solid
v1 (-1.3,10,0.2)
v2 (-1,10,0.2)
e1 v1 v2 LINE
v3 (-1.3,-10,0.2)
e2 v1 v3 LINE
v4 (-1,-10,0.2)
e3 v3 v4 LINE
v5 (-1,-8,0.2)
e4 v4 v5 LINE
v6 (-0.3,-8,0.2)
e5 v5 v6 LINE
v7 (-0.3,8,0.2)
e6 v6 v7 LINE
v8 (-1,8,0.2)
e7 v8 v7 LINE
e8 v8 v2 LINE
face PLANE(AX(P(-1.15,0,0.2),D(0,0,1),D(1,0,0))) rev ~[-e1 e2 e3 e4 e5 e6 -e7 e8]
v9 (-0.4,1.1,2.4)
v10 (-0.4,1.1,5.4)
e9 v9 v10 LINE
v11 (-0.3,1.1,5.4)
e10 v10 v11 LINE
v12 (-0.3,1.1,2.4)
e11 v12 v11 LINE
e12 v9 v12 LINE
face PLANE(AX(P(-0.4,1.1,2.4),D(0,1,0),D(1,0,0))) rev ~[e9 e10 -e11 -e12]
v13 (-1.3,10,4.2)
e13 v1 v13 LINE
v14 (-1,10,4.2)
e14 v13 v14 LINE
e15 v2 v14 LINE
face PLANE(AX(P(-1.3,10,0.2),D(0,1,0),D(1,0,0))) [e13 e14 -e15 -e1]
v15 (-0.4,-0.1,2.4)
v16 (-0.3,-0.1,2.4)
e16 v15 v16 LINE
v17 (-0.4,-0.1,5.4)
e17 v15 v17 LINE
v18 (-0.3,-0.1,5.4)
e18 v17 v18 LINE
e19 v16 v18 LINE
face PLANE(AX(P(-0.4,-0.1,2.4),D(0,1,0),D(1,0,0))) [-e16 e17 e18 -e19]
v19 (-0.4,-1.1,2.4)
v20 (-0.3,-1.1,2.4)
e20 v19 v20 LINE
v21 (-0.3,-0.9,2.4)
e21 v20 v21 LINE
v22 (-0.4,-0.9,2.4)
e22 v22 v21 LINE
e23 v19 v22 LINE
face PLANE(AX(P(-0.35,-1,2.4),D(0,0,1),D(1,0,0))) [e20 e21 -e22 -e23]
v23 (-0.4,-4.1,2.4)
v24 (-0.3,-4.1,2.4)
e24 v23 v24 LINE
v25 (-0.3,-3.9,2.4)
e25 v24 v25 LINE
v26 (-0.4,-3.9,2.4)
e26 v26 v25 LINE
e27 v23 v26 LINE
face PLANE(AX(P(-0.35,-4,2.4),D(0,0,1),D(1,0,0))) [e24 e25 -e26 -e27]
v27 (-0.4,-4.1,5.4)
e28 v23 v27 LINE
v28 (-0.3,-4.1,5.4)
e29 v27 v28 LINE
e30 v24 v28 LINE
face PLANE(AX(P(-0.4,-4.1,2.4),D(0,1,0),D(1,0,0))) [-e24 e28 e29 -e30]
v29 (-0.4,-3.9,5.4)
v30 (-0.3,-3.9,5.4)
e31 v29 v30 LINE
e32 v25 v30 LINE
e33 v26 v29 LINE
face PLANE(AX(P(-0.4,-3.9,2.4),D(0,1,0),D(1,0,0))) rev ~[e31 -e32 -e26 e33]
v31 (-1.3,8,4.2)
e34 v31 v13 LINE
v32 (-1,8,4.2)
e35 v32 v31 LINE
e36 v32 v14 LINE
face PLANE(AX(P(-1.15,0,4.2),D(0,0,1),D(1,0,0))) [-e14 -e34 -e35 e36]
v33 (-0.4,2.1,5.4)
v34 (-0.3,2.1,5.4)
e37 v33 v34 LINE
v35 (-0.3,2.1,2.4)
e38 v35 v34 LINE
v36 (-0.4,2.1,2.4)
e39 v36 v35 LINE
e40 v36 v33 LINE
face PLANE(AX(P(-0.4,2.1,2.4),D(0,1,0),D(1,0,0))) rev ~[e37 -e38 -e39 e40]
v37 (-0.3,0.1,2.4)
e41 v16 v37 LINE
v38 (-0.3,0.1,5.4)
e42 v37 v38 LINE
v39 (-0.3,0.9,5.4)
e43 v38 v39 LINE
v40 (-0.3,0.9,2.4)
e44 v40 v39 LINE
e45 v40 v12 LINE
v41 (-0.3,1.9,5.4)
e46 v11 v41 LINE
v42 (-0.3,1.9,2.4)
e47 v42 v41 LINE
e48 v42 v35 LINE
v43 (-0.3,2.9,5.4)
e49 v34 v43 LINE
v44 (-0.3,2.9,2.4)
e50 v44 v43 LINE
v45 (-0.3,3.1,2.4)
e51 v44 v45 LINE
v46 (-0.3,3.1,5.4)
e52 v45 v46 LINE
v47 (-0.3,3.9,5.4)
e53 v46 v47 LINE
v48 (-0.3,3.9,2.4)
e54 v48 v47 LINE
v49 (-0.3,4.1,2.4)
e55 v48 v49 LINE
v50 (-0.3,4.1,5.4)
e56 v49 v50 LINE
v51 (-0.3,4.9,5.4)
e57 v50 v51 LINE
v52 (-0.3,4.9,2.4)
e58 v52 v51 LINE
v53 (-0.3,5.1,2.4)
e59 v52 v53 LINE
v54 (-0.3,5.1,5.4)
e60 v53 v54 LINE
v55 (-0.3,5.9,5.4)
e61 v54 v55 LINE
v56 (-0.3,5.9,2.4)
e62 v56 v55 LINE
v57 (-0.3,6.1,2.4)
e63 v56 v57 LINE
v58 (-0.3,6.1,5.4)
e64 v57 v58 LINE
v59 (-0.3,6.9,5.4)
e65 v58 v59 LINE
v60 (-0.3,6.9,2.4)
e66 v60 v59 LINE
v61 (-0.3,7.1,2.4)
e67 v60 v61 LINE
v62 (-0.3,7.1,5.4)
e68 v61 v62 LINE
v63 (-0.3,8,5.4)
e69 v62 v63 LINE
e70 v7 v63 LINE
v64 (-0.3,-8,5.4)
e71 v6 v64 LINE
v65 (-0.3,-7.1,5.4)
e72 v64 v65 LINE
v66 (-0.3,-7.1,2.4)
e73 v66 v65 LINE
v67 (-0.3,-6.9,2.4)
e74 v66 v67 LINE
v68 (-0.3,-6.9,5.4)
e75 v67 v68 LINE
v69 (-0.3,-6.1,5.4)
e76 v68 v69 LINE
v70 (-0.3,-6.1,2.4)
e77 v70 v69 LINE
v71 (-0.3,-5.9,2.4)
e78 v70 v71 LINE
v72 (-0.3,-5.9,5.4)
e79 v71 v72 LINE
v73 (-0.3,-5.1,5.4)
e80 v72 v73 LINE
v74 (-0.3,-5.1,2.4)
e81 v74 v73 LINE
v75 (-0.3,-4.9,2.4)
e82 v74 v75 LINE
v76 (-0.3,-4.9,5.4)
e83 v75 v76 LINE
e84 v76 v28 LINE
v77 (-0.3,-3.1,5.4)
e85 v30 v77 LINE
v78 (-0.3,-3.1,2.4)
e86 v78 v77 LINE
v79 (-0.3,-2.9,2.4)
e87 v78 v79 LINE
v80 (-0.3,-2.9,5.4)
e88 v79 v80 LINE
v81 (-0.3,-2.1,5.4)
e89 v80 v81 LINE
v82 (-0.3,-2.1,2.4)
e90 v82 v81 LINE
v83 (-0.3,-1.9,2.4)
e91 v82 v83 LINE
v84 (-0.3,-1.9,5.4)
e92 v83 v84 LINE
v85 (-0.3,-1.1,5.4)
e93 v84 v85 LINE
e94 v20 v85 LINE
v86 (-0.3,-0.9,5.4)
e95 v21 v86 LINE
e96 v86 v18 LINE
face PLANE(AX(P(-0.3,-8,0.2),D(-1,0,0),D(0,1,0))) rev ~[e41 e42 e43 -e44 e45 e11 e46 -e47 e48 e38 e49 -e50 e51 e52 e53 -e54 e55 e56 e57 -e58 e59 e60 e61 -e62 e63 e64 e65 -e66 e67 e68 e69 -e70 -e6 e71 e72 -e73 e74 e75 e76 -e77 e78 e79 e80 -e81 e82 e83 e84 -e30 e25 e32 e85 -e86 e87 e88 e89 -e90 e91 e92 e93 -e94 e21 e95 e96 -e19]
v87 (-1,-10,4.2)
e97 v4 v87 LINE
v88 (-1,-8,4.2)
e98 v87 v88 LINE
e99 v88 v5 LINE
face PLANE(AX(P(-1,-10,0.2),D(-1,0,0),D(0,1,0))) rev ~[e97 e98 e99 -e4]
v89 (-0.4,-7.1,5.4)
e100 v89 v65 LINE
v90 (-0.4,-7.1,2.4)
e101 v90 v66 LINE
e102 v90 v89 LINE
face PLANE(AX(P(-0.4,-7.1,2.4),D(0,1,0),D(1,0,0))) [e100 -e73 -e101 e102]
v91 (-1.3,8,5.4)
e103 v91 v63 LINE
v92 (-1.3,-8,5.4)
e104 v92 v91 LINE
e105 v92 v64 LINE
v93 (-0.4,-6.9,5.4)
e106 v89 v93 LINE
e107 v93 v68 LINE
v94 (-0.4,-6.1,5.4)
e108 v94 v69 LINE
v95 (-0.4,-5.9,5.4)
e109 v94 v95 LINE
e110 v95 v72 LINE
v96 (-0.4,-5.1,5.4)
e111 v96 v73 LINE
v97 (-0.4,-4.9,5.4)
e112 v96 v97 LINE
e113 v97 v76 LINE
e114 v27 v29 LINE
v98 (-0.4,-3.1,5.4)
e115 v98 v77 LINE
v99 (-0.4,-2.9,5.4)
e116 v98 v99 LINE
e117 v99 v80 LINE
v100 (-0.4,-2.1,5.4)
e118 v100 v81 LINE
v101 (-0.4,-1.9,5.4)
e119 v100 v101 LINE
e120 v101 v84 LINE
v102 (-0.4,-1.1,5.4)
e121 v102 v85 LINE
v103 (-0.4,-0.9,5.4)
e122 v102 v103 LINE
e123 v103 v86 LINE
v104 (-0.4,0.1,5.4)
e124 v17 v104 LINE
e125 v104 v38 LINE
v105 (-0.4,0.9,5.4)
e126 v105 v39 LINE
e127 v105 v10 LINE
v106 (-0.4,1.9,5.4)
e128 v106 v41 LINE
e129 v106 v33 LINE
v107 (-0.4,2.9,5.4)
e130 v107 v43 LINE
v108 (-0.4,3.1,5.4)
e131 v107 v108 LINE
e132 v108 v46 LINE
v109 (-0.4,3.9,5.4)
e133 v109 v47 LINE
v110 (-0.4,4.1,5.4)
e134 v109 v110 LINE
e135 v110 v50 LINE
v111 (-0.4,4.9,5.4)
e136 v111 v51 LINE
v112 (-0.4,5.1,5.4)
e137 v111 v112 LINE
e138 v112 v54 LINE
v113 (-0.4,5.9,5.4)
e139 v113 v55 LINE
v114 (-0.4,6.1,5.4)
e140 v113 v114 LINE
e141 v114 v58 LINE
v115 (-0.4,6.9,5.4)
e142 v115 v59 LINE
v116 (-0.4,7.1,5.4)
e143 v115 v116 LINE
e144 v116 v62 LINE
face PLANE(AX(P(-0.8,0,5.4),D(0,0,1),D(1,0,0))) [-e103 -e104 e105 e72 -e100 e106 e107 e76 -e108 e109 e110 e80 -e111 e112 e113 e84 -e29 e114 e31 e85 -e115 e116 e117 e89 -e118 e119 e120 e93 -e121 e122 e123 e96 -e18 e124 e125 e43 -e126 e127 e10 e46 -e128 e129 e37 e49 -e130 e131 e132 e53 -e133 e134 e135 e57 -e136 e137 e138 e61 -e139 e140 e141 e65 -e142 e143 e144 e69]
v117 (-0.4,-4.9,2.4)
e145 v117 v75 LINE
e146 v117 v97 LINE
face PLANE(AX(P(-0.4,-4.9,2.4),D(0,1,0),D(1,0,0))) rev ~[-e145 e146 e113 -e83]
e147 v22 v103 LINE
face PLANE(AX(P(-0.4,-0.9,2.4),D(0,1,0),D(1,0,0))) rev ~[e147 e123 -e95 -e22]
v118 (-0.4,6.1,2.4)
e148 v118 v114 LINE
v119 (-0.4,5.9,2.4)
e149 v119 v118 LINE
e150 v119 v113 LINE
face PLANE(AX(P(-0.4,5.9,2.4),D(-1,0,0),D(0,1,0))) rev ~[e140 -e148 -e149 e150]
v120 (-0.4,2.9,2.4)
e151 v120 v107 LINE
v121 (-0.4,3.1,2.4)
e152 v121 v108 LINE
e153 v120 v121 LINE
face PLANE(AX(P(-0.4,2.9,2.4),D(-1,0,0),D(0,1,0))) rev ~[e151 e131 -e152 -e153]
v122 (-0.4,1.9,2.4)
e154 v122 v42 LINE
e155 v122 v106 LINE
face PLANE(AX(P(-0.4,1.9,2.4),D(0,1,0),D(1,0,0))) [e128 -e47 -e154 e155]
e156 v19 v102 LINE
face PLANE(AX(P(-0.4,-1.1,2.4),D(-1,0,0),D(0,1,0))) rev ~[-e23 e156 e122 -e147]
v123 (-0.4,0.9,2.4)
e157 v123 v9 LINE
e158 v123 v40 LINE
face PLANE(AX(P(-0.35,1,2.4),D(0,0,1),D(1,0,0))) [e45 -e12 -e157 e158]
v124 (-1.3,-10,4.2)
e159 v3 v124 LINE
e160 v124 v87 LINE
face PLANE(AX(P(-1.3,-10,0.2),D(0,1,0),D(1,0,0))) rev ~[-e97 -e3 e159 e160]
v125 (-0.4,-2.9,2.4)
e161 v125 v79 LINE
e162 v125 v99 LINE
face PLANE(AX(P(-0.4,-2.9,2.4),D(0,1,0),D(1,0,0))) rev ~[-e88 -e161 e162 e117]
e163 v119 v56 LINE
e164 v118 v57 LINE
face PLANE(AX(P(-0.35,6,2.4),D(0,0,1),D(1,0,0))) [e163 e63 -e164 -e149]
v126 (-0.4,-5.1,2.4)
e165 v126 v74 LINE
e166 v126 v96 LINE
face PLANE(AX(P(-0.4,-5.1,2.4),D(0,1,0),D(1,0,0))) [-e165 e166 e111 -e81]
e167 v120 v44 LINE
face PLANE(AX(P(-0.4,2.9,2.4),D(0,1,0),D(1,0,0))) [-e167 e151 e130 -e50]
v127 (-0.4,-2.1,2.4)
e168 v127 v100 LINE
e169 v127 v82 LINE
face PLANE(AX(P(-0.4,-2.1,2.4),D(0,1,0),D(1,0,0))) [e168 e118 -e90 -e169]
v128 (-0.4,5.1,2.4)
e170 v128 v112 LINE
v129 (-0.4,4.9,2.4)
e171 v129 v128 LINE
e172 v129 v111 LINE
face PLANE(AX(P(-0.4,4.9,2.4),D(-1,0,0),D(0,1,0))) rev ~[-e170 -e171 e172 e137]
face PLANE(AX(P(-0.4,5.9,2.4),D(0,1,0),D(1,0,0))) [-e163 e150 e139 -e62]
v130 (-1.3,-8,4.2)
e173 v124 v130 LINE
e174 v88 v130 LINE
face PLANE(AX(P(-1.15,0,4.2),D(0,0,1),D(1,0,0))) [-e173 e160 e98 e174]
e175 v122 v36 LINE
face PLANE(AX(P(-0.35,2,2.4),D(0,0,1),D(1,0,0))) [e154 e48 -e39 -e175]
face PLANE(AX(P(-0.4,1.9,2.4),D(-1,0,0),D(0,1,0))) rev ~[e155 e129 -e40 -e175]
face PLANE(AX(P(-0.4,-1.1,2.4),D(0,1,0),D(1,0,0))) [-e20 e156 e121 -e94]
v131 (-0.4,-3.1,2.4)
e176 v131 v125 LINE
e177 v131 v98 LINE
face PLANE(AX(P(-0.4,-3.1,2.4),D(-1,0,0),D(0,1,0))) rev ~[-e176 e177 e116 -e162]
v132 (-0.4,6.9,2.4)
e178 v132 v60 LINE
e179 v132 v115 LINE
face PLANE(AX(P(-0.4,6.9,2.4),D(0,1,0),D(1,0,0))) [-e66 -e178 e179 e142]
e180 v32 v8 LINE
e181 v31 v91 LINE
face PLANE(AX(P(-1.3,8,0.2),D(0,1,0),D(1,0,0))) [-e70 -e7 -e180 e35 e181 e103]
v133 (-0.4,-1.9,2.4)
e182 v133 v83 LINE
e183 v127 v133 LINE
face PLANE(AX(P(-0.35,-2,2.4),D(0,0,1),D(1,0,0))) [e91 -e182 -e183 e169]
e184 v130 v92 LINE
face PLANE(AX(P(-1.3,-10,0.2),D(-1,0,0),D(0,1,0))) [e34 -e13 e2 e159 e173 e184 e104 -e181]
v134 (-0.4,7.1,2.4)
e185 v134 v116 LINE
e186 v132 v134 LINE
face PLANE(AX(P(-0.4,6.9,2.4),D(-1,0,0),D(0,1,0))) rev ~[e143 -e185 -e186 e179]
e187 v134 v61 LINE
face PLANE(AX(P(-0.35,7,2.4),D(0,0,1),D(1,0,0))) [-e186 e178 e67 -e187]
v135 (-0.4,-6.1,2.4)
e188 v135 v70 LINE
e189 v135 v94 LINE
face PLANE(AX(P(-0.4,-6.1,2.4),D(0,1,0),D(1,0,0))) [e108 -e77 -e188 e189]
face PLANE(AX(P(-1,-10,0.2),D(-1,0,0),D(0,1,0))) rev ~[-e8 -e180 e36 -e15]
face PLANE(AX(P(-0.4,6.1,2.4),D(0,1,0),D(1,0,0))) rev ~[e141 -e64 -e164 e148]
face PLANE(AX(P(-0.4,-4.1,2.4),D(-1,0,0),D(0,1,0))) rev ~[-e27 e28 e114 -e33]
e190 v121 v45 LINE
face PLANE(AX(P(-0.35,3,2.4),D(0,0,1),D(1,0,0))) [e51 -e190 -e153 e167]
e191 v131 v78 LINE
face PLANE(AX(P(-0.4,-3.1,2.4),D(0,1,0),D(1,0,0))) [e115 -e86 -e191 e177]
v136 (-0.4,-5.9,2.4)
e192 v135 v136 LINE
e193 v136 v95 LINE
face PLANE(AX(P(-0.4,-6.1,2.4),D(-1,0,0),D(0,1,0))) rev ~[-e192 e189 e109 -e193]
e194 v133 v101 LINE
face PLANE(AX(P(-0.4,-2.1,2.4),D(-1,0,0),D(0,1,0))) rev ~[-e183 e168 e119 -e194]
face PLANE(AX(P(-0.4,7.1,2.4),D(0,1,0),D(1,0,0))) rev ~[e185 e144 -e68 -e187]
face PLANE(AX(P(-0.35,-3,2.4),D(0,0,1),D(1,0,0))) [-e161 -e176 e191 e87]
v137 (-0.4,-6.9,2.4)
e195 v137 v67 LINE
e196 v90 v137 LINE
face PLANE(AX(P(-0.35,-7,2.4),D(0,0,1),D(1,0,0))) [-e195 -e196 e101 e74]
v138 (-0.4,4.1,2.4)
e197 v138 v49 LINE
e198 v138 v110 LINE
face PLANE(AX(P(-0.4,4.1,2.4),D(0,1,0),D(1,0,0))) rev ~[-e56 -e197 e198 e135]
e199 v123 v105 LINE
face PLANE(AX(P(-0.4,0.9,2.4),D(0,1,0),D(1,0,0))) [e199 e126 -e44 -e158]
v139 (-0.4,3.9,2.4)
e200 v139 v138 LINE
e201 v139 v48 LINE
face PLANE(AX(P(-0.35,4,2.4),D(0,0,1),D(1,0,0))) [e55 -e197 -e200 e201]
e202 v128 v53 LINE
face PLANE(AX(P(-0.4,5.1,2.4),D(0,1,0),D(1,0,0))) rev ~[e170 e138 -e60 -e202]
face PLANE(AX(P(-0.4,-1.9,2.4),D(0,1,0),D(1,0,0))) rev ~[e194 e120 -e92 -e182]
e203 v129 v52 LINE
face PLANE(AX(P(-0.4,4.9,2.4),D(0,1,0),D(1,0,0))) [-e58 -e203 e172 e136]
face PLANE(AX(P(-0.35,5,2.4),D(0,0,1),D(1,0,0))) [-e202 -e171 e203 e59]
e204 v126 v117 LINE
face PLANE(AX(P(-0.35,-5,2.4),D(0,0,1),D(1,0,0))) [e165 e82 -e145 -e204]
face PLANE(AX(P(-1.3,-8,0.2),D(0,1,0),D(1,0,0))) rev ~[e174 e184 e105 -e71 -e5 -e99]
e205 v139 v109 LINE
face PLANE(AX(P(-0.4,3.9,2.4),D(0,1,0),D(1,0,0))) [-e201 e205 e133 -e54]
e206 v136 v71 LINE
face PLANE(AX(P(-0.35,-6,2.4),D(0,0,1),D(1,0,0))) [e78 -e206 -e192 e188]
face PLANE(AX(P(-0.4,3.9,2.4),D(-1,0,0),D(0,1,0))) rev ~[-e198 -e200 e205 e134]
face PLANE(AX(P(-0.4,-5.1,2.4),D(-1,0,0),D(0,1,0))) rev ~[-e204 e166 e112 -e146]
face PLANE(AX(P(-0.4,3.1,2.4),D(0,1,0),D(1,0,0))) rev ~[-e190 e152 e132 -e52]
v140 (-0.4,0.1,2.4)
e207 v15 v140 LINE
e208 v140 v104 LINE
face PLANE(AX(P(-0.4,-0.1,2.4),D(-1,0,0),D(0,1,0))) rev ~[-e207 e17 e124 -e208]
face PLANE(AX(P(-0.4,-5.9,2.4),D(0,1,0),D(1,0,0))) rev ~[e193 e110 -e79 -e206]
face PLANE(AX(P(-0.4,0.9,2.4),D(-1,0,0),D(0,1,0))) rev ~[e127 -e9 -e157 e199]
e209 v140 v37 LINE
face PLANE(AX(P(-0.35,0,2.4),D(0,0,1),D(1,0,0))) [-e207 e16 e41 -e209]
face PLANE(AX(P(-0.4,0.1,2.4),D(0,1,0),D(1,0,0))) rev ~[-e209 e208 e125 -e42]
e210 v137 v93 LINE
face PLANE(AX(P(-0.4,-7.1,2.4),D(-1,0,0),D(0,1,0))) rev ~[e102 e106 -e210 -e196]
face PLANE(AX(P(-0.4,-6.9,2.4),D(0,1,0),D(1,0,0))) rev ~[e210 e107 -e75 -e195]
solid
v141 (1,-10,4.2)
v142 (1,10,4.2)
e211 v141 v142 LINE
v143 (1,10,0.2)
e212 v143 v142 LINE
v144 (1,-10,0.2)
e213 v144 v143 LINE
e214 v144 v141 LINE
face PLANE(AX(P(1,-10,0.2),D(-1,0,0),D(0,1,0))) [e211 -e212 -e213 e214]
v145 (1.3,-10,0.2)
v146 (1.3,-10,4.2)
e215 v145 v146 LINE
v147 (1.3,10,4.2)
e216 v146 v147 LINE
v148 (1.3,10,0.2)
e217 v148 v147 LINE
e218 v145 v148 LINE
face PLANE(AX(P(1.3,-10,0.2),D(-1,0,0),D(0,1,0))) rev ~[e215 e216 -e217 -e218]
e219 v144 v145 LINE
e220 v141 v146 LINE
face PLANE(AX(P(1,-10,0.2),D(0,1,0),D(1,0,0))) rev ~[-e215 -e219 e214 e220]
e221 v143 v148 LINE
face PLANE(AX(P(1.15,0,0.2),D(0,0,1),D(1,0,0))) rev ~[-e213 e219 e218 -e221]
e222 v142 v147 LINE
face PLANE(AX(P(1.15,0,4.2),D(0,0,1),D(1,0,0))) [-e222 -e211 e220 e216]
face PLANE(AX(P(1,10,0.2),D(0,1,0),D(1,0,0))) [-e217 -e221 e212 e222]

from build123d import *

# Parameters (mm, degrees)
BOX059_W         = 0.3
BOX059_H         = 20
BOX059_DEPTH     = 4
BOX061_W         = 0.1
BOX061_H         = 0.2
BOX061_DEPTH     = 3
ARRAY017_Y_COUNT = 15
ARRAY017_Y_PITCH = 1
BOX060_W         = 1
BOX060_H         = 16
BOX060_DEPTH     = 5.2


with BuildPart() as cube033:
    # Box059 → Box059 (new body)
    with BuildSketch(Plane(origin=(1, -10, 0.2), x_dir=(1, 0, 0), z_dir=(0, 0, 1))):
        with Locations((0.15, 10)):
            Rectangle(BOX059_W, BOX059_H)
    extrude(amount=BOX059_DEPTH)


with BuildPart() as cube048:
    # Clone030 base: copy of Cube033
    add(cube033.part)


with BuildPart() as cube048_1:
    # Clone030 placement: moved
    add(cube048.part.moved(Location((-2.3, 0, 0))))


with BuildPart() as array017:
    # Box061 → Box061 (new body)
    with BuildSketch(Plane(origin=(-0.4, -7.1, 2.4), x_dir=(1, 0, 0), z_dir=(0, 0, 1))):
        with Locations((0.05, 0.1)):
            Rectangle(BOX061_W, BOX061_H)
    extrude(amount=BOX061_DEPTH)

    # Array017 Y: Array017 ×15


with BuildPart() as array017_1:
    add(array017.part)
    with Locations(*[(0, i * ARRAY017_Y_PITCH, 0) for i in range(1, ARRAY017_Y_COUNT)]):
        add(array017.part)


with BuildPart() as cut012:
    # Box060 → Box060 (new body)
    with BuildSketch(Plane(origin=(-1.3, -8, 0.2), x_dir=(1, 0, 0), z_dir=(0, 0, 1))):
        with Locations((0.5, 8)):
            Rectangle(BOX060_W, BOX060_H)
    extrude(amount=BOX060_DEPTH)

    # Cut012: cut Array017
    add(array017_1.part, mode=Mode.SUBTRACT)


with BuildPart() as holder:
    # Fusion045 base: copy of Cube033
    add(cube033.part)

    # Fusion045: union Cube048, Cut012
    add(cube048_1.part)
    add(cut012.part)


solid = holder.part
